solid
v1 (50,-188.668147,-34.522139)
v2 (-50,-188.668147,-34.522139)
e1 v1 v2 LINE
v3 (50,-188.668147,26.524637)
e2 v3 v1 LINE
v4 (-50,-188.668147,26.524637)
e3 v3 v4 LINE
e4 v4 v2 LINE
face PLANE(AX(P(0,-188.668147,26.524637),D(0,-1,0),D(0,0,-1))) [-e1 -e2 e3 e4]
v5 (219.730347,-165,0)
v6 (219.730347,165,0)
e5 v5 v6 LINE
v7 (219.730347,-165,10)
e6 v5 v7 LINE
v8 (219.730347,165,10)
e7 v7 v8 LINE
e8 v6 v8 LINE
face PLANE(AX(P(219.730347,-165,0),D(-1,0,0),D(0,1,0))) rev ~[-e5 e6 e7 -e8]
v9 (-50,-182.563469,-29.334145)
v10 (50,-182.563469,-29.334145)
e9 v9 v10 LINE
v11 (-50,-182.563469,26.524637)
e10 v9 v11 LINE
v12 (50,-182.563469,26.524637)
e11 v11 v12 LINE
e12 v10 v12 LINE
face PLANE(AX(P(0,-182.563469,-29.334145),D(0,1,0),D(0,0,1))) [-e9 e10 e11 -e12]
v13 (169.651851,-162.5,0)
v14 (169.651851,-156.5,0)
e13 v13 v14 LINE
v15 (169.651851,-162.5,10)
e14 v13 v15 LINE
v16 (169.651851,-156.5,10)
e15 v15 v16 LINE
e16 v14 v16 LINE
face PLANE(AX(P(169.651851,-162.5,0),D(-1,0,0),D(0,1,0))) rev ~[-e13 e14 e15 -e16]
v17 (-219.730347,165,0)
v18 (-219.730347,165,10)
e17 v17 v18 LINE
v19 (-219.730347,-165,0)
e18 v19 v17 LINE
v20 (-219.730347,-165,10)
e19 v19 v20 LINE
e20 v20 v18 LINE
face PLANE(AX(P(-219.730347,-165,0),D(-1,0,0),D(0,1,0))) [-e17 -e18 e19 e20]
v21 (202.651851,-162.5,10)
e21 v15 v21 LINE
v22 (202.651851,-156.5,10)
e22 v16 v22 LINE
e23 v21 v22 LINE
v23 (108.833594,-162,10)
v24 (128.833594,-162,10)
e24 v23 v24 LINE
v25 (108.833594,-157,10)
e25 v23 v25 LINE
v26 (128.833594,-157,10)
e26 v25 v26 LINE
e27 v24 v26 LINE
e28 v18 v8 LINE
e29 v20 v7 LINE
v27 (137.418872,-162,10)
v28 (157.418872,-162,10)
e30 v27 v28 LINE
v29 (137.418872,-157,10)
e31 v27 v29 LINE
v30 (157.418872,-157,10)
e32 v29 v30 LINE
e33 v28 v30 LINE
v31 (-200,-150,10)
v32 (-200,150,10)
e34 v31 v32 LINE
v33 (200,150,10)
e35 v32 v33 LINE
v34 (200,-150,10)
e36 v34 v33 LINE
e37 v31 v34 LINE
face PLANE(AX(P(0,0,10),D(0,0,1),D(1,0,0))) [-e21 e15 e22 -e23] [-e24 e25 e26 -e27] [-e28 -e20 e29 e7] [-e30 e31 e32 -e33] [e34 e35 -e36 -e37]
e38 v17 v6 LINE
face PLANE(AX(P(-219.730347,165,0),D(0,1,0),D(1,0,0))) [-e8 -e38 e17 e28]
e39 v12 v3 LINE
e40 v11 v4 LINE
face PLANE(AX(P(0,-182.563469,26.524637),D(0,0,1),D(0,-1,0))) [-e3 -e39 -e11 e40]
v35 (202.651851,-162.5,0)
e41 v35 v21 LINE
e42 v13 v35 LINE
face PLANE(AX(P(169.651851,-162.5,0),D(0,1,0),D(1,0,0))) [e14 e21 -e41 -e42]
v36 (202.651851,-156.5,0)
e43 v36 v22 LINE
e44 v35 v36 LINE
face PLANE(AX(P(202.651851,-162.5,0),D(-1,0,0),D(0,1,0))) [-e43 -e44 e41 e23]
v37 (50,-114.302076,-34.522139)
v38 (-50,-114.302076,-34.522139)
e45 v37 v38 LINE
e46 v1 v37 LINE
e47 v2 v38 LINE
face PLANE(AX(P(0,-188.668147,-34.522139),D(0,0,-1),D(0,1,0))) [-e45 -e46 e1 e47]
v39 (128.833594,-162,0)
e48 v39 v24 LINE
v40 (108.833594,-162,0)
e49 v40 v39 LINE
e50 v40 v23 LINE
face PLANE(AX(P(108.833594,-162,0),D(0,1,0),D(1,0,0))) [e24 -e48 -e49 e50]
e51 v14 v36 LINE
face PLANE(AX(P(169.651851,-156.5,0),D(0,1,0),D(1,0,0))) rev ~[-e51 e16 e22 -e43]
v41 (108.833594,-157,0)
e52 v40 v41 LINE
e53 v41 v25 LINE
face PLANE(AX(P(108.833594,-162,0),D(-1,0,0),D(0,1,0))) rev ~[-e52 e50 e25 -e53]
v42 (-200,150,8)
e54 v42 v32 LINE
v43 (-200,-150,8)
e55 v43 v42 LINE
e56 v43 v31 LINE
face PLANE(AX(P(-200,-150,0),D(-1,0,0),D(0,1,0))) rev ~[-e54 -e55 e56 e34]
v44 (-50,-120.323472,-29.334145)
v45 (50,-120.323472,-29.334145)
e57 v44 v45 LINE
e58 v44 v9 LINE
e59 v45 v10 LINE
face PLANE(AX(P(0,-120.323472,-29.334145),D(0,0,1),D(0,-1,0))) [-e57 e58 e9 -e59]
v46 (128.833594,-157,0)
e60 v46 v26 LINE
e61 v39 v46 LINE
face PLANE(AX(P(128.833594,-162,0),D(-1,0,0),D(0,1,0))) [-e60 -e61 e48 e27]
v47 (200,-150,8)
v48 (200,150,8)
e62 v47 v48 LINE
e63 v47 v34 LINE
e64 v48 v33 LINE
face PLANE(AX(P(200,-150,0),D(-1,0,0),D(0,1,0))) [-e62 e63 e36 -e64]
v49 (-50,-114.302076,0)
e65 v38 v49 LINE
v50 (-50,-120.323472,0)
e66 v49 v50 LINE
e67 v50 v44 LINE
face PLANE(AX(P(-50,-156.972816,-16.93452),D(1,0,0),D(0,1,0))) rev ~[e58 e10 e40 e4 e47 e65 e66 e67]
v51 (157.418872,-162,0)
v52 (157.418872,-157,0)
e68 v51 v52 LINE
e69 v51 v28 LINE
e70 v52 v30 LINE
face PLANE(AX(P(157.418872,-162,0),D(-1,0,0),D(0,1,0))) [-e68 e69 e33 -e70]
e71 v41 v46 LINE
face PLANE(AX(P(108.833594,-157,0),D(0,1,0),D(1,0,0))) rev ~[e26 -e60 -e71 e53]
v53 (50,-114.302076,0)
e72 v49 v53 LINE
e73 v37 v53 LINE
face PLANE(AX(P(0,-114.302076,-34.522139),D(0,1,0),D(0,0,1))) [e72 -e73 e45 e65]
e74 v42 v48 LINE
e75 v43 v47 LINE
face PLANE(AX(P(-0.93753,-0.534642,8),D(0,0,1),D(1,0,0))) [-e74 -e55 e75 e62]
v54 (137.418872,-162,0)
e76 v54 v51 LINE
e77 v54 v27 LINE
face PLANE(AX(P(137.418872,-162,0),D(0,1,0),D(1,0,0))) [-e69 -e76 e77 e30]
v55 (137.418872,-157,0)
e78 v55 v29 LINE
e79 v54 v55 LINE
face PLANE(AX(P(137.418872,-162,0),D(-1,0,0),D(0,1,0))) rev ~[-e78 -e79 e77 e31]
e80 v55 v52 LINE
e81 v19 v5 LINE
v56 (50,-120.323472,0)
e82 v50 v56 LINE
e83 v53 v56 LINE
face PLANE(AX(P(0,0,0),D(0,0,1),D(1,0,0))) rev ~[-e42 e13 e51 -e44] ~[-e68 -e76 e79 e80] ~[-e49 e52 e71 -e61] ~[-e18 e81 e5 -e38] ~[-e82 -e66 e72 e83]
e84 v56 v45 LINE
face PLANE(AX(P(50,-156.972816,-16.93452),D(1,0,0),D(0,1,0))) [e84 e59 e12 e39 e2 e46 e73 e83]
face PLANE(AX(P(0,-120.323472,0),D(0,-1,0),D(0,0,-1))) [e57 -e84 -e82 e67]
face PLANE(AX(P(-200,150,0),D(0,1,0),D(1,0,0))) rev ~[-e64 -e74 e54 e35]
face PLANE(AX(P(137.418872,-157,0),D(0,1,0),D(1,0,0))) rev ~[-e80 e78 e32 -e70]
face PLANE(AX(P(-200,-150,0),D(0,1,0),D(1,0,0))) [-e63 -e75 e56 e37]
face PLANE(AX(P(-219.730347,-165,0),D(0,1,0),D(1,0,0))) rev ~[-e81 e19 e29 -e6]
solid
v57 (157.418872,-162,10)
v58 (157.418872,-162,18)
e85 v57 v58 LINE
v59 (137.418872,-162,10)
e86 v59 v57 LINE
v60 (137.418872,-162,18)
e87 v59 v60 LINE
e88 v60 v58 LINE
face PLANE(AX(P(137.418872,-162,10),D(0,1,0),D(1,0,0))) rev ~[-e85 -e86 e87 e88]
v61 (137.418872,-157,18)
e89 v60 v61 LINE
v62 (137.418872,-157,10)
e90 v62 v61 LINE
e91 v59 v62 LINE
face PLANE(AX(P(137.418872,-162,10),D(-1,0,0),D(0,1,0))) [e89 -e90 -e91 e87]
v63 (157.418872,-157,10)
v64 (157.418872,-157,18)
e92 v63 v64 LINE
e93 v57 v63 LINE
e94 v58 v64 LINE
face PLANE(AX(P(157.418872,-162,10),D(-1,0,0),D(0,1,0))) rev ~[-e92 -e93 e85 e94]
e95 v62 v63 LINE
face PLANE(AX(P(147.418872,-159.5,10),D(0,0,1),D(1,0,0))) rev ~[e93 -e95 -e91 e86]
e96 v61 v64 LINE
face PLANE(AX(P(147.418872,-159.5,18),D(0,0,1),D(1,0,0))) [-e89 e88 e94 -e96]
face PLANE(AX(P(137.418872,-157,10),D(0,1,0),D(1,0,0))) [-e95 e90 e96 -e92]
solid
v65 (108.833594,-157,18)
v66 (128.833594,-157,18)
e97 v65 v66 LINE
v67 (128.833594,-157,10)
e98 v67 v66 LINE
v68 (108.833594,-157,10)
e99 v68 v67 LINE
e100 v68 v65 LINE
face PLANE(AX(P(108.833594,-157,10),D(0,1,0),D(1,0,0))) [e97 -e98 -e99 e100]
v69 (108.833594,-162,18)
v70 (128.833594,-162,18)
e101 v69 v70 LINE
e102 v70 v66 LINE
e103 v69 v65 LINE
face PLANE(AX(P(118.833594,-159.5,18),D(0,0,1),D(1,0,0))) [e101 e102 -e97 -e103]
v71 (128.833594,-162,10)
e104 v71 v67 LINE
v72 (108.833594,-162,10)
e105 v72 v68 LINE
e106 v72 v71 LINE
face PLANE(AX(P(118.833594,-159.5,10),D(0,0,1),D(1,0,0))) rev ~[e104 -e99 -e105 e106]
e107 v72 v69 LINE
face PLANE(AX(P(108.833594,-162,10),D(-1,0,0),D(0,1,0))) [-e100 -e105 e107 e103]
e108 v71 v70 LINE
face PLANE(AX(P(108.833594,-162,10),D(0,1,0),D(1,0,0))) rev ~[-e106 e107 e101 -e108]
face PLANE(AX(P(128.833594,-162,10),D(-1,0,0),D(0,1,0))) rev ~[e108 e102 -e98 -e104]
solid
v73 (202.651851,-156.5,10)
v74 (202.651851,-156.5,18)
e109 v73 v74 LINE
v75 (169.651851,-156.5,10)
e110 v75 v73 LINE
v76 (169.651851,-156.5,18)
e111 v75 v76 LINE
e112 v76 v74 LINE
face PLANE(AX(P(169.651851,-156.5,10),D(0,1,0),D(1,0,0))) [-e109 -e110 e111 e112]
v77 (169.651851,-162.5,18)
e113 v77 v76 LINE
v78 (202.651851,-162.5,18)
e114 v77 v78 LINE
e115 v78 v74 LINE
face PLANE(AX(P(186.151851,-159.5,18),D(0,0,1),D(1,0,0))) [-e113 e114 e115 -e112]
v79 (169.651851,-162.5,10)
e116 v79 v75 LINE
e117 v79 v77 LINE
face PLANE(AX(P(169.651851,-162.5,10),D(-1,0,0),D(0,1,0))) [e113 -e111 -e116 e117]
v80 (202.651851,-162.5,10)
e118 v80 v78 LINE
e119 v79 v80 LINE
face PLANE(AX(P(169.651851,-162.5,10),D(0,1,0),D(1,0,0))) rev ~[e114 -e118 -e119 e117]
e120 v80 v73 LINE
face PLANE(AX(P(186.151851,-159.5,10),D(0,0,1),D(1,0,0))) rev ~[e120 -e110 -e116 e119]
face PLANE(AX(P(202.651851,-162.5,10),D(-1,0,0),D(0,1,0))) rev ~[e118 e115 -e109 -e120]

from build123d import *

# Parameters (mm, degrees)
F0_W     = 439.460694
F0_H     = 330
F0_W_2   = 20
F0_H_2   = 5
F0_W_3   = 33
F0_H_3   = 6
F0_W_4   = 400
F0_H_4   = 300
F1_DEPTH = 10
F2_W     = 402
F2_H     = 302
F3_DEPTH = 8
F5_DEPTH = 50
F6_W     = 33
F6_H     = 6
F6_W_2   = 20
F6_H_2   = 5
F7_DEPTH = 8


with BuildPart() as f1:
    # F0 (on Top) → F1 (new body)
    with BuildSketch(Plane.XY):
        Rectangle(F0_W, F0_H)
        with Locations((118.833594, -159.5)):
            Rectangle(F0_W_2, F0_H_2, mode=Mode.SUBTRACT)
        with Locations((147.418872, -159.5)):
            Rectangle(F0_W_2, F0_H_2, mode=Mode.SUBTRACT)
        with Locations((186.151851, -159.5)):
            Rectangle(F0_W_3, F0_H_3, mode=Mode.SUBTRACT)
        Rectangle(F0_W_4, F0_H_4, mode=Mode.SUBTRACT)
    extrude(amount=F1_DEPTH)

    # F2 (on Top) → F3 (join)
    with BuildSketch(Plane.XY):
        with Locations((-0.93753, -0.534642)):
            Rectangle(F2_W, F2_H)
    extrude(amount=F3_DEPTH)

    # F4 (on Right) → F5 (join, symmetric)
    with BuildSketch(Plane.YZ):
        Polygon((-114.302076, -34.522139), (-114.302076, 0), (-120.323472, 0), (-120.323472, -29.334145), (-182.563469, -29.334145), (-182.563469, 26.524637), (-188.668147, 26.524637), (-188.668147, -34.522139), align=None)
    extrude(amount=F5_DEPTH, both=True)


with BuildPart() as f7:
    # F6 (on face) → F7 (new body)
    with BuildSketch(Plane.XY.offset(10)):
        with Locations((186.151851, -159.5)):
            Rectangle(F6_W, F6_H)
        with Locations((147.418872, -159.5)):
            Rectangle(F6_W_2, F6_H_2)
        with Locations((118.833594, -159.5)):
            Rectangle(F6_W_2, F6_H_2)
    extrude(amount=F7_DEPTH)


solid = Compound([f1.part, f7.part])
